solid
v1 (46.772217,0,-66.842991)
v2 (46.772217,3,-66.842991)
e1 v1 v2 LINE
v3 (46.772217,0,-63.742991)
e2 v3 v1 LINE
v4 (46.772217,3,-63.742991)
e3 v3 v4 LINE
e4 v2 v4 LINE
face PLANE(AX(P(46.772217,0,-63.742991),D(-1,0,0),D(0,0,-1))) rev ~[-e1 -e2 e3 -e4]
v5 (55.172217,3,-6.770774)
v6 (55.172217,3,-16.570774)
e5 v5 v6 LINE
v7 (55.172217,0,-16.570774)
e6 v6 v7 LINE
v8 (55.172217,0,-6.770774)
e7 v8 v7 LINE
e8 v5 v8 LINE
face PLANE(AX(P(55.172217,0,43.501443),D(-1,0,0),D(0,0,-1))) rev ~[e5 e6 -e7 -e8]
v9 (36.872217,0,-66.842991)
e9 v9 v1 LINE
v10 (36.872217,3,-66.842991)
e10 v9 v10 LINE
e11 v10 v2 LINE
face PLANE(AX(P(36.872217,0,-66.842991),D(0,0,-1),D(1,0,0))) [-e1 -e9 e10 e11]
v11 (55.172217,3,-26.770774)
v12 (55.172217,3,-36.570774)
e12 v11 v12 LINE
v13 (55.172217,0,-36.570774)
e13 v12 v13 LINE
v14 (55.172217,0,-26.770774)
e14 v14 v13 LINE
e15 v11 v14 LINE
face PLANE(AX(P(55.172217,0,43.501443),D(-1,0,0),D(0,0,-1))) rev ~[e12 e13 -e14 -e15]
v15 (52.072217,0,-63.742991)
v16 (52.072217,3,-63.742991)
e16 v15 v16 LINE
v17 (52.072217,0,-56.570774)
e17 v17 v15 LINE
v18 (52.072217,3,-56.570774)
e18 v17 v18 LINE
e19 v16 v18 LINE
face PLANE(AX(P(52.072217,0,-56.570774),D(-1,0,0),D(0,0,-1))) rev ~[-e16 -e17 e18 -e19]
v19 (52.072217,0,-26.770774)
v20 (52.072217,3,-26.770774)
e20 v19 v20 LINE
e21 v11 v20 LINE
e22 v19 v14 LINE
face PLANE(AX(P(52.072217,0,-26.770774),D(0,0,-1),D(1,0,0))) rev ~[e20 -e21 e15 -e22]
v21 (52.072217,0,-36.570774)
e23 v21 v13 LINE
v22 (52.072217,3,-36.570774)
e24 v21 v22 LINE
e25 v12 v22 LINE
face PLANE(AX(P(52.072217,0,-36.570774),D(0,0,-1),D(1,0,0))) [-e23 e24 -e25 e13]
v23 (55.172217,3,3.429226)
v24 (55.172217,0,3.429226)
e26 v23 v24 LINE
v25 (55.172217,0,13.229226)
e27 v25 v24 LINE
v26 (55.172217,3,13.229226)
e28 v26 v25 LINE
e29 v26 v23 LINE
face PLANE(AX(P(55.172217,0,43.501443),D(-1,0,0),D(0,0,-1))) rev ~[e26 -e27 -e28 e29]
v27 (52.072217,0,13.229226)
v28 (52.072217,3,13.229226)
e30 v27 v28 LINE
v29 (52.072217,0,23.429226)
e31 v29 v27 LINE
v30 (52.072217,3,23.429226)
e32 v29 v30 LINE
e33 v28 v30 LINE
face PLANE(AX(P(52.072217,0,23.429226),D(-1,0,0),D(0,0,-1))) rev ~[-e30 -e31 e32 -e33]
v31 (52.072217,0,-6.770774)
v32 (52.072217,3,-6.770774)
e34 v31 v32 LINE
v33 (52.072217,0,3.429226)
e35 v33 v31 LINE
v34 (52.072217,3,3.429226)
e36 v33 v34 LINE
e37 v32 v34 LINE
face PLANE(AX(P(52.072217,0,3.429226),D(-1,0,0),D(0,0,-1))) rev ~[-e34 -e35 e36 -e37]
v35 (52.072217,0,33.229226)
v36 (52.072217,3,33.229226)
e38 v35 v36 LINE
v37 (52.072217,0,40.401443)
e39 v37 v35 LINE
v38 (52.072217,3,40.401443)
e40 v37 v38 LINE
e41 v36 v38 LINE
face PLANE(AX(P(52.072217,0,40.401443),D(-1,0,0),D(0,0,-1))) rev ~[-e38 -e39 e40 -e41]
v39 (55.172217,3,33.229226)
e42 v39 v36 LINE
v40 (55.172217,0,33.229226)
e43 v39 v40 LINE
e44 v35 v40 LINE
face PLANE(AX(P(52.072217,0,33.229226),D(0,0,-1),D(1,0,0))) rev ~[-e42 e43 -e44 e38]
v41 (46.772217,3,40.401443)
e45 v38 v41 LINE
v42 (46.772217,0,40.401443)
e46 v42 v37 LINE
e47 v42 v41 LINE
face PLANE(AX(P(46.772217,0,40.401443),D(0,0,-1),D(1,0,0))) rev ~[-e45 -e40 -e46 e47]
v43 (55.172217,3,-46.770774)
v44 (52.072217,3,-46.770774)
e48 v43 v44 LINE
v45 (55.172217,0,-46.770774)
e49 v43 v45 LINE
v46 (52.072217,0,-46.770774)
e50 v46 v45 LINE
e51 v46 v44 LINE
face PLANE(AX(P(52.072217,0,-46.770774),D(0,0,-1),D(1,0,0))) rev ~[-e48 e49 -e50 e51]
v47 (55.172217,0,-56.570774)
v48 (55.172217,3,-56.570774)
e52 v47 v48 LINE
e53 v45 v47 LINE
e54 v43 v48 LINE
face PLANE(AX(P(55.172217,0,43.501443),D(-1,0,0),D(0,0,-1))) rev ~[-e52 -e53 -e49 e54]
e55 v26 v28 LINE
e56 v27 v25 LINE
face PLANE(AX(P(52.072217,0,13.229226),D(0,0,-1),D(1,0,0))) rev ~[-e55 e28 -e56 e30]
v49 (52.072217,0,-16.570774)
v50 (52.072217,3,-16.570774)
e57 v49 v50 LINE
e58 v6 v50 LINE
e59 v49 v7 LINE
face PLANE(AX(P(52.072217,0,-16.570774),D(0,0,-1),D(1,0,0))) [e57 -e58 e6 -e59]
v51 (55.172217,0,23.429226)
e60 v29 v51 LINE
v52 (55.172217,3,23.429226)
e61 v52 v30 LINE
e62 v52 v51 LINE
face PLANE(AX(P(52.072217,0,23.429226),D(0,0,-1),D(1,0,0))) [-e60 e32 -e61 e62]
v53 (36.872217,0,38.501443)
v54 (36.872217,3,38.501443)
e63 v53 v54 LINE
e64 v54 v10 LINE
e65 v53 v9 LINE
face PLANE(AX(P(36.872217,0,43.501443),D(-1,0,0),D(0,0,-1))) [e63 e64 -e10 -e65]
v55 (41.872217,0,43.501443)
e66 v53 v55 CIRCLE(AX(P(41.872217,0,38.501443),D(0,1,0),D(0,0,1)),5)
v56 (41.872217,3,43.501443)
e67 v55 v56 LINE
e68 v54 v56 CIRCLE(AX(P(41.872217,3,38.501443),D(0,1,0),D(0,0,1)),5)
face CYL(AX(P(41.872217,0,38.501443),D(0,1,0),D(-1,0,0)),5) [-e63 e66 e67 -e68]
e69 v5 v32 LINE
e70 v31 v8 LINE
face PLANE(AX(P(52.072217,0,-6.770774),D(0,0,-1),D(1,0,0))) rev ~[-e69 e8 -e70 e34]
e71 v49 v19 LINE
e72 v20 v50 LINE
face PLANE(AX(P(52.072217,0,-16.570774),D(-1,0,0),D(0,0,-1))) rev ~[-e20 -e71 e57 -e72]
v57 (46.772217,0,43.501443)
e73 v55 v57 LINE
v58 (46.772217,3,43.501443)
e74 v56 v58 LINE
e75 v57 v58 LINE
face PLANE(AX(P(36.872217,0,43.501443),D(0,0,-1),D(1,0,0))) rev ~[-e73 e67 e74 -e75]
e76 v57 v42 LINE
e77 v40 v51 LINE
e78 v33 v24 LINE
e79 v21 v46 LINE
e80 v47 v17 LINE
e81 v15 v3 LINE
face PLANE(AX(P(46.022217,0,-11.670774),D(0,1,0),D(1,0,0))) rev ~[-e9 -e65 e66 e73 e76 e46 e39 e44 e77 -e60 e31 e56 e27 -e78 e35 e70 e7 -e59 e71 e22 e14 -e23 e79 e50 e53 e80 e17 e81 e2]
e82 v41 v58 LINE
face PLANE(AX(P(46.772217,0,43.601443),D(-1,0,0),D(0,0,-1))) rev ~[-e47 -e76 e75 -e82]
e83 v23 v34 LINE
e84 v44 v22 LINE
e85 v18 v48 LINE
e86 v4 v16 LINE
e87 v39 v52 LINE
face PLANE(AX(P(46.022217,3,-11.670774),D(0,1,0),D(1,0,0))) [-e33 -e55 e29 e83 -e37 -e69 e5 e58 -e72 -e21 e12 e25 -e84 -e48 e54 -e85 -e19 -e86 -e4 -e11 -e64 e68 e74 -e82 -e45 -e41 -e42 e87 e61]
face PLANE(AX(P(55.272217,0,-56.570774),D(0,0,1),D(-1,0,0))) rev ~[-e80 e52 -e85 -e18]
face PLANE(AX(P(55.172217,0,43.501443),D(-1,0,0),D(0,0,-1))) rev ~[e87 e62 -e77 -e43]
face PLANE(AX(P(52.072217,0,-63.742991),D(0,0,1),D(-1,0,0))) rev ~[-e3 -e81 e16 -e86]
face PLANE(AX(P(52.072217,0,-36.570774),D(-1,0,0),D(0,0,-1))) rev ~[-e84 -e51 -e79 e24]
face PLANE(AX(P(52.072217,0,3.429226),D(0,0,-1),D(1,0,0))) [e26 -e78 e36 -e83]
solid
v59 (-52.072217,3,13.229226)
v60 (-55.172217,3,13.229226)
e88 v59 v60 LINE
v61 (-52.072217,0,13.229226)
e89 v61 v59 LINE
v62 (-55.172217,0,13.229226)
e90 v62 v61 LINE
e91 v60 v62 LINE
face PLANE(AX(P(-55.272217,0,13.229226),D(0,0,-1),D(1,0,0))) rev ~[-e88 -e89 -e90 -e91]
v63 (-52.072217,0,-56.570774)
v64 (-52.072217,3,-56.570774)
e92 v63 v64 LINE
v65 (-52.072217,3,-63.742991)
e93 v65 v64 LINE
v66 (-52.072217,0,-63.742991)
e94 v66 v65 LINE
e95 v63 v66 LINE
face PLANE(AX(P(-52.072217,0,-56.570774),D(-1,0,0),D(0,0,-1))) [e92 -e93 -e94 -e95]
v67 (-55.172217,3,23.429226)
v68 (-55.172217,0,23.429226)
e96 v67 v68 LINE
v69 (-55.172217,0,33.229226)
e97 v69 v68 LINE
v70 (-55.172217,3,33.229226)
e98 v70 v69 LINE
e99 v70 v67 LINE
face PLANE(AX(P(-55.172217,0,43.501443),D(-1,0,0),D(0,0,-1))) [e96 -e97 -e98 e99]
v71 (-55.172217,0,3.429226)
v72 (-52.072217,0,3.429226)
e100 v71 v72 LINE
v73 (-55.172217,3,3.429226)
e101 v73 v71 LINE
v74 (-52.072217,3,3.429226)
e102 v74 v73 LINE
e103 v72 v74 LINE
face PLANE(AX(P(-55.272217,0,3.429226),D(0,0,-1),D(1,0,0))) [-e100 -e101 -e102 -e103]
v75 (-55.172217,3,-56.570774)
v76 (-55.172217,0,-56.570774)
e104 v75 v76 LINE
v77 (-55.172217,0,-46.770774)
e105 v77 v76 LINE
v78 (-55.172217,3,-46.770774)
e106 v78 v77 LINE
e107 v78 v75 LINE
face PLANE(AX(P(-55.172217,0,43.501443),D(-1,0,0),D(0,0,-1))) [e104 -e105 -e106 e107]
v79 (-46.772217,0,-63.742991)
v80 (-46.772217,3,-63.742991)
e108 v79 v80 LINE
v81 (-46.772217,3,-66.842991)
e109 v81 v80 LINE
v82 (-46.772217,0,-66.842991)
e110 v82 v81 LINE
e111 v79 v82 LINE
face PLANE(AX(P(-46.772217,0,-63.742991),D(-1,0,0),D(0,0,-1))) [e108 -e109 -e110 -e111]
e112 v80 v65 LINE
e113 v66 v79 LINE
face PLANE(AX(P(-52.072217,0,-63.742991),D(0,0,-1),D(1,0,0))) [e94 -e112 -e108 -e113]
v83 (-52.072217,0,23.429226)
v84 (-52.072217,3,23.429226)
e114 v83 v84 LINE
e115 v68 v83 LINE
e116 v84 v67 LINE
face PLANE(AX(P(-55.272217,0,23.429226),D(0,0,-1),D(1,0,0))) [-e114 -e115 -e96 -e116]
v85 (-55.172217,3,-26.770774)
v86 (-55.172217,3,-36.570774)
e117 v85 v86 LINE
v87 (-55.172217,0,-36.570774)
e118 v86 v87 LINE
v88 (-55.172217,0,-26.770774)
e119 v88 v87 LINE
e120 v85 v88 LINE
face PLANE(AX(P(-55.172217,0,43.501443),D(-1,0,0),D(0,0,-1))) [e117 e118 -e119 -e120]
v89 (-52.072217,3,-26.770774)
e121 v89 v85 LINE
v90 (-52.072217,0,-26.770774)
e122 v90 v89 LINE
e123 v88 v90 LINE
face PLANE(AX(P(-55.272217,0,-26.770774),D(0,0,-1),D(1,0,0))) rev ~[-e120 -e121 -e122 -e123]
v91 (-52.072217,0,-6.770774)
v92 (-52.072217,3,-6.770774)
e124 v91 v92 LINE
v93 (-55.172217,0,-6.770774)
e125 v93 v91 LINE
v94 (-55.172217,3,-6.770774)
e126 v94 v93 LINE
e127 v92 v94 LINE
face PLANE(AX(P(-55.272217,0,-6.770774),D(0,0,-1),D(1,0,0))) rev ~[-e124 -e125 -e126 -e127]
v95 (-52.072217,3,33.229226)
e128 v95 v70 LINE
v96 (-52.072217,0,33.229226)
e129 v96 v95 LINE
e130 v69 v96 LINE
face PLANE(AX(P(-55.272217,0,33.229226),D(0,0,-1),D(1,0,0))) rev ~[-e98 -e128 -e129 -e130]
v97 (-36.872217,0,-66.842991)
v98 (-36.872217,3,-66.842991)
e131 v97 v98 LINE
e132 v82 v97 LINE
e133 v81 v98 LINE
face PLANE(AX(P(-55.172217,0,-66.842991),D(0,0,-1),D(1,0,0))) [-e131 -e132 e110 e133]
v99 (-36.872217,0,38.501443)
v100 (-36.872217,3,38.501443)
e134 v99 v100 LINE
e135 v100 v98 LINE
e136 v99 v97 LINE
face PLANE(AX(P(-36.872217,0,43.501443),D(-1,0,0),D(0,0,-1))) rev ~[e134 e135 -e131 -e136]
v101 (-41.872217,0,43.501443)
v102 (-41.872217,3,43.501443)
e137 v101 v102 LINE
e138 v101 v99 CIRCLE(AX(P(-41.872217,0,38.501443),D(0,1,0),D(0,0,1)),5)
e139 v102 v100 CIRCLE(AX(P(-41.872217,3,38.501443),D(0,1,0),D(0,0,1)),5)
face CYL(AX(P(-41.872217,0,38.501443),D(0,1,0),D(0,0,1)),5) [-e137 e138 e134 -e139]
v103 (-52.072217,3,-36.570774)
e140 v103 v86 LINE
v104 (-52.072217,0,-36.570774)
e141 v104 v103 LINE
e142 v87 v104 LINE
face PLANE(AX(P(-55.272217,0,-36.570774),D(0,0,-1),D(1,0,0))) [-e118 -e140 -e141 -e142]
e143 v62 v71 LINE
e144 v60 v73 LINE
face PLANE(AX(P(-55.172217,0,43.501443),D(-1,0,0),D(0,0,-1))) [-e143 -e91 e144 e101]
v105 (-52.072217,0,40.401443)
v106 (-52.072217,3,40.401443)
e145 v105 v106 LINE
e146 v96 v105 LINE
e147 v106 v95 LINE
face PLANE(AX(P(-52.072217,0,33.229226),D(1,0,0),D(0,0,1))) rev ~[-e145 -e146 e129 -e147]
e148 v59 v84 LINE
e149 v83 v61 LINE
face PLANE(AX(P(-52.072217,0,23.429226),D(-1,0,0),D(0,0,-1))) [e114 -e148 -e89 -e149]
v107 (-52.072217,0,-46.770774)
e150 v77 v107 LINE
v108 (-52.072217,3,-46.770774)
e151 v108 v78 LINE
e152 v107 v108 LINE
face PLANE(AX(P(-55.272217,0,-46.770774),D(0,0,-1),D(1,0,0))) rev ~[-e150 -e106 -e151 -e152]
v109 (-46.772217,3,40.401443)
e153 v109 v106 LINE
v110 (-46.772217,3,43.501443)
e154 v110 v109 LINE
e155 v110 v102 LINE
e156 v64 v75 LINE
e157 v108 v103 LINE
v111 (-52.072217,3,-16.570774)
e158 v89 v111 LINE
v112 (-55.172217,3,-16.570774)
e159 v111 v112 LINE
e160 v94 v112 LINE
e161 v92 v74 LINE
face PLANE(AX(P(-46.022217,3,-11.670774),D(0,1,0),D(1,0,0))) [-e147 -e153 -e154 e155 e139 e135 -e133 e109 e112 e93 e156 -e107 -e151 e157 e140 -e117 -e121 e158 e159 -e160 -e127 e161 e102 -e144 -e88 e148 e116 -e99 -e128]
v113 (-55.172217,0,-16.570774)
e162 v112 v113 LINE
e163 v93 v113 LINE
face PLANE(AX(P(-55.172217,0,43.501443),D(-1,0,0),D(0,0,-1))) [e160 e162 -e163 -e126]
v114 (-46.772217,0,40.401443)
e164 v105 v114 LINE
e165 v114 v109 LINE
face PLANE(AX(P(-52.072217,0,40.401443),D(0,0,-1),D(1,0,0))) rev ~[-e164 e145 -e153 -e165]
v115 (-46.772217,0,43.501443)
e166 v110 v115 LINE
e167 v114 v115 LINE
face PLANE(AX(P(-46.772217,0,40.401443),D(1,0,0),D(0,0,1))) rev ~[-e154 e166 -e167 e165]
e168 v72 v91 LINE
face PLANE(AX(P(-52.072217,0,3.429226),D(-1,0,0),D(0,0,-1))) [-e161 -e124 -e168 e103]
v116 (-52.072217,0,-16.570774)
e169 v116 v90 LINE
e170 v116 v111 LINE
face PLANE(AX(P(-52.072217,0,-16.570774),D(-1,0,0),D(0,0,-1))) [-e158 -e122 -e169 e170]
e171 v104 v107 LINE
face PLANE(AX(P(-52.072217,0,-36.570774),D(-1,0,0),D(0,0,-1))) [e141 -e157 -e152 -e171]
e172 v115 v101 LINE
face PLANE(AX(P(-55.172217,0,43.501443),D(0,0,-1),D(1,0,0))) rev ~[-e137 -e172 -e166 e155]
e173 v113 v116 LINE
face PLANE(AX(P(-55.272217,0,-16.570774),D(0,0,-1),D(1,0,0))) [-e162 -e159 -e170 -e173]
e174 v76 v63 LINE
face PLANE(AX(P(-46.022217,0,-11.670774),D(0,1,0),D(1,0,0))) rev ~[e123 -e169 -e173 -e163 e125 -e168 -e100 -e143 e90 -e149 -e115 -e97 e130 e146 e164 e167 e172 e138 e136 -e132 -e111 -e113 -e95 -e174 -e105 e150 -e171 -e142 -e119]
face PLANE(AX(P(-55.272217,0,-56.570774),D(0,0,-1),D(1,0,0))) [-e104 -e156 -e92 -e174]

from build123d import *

# Parameters (mm, degrees)
SKETCH1_W             = 18.3
SKETCH1_H             = 110.344434204
BOSS_EXTRUDE1_DEPTH   = 3
BOSS_EXTRUDE1_2_DEPTH = 3
FILLET1_R             = 5
FILLET2_R             = 5
SKETCH3_W             = 3.2
SKETCH3_H             = 10.2
CUT_EXTRUDE1_DEPTH    = 4
SKETCH4_W             = 3.2
SKETCH4_H             = 10.2
CUT_EXTRUDE2_DEPTH    = 4


with BuildPart() as part:
    # Sketch1 → Boss-Extrude1 (new body)
    with BuildSketch(Plane(origin=(0, 0, 0), x_dir=(1, 0, 0), z_dir=(0, 1, 0))):
        with Locations((-46.022217102, 11.670773756)):
            Rectangle(SKETCH1_W, SKETCH1_H)
    extrude(amount=BOSS_EXTRUDE1_DEPTH)

    # Fillet1
    fillet1_edges = [part.edges().sort_by_distance(p)[0] for p in [
        (-36.872217102, 1.5, 43.501443346),
    ]]
    fillet(fillet1_edges, radius=FILLET1_R)

    # Sketch3 → Cut-Extrude1 (cut, through all)
    with BuildSketch(Plane(origin=(0, 0, 0), x_dir=(1, 0, 0), z_dir=(0, 1, 0))):
        Polygon((-52.072217102, -40.401443346), (-46.772217102, -40.401443346), (-46.772217102, -43.601443346), (-55.272217102, -43.601443346), (-55.272217102, -33.229226244), (-52.072217102, -33.229226244), align=None)
        Polygon((-46.772217102, 63.742990858), (-46.772217102, 66.942990858), (-55.272217102, 66.942990858), (-55.272217102, 56.570773756), (-52.072217102, 56.570773756), (-52.072217102, 63.742990858), align=None)
        with Locations((-53.672217102, -18.329226244)):
            Rectangle(SKETCH3_W, SKETCH3_H)
        with Locations((-53.672217102, 1.670773756)):
            Rectangle(SKETCH3_W, SKETCH3_H)
        with Locations((-53.672217102, 21.670773756)):
            Rectangle(SKETCH3_W, SKETCH3_H)
        with Locations((-53.672217102, 41.670773756)):
            Rectangle(SKETCH3_W, SKETCH3_H)
    extrude(amount=CUT_EXTRUDE1_DEPTH, mode=Mode.SUBTRACT)


with BuildPart() as body_2:
    # Sketch1 → Boss-Extrude1 2 (new body)
    with BuildSketch(Plane(origin=(0, 0, 0), x_dir=(1, 0, 0), z_dir=(0, 1, 0))):
        with Locations((46.022217102, 11.670773756)):
            Rectangle(SKETCH1_W, SKETCH1_H)
    extrude(amount=BOSS_EXTRUDE1_2_DEPTH)

    # Fillet2
    fillet2_edges = [body_2.edges().sort_by_distance(p)[0] for p in [
        (36.872217102, 1.5, 43.501443346),
    ]]
    fillet(fillet2_edges, radius=FILLET2_R)

    # Sketch4 → Cut-Extrude2 (cut, through all)
    with BuildSketch(Plane(origin=(0, 0, 0), x_dir=(1, 0, 0), z_dir=(0, 1, 0))):
        with Locations((53.672217102, 41.670773756)):
            Rectangle(SKETCH4_W, SKETCH4_H)
        with Locations((53.672217102, 21.670773756)):
            Rectangle(SKETCH4_W, SKETCH4_H)
        with Locations((53.672217102, -18.329226244)):
            Rectangle(SKETCH4_W, SKETCH4_H)
        with Locations((53.672217102, 1.670773756)):
            Rectangle(SKETCH4_W, SKETCH4_H)
        Polygon((52.072217102, -40.401443346), (52.072217102, -33.229226244), (55.272217102, -33.229226244), (55.272217102, -43.601443346), (46.772217102, -43.601443346), (46.772217102, -40.401443346), align=None)
        Polygon((52.072217102, 63.742990858), (46.772217102, 63.742990858), (46.772217102, 66.942990858), (55.272217102, 66.942990858), (55.272217102, 56.570773756), (52.072217102, 56.570773756), align=None)
    extrude(amount=CUT_EXTRUDE2_DEPTH, mode=Mode.SUBTRACT)


solid = Compound([part.part, body_2.part])
